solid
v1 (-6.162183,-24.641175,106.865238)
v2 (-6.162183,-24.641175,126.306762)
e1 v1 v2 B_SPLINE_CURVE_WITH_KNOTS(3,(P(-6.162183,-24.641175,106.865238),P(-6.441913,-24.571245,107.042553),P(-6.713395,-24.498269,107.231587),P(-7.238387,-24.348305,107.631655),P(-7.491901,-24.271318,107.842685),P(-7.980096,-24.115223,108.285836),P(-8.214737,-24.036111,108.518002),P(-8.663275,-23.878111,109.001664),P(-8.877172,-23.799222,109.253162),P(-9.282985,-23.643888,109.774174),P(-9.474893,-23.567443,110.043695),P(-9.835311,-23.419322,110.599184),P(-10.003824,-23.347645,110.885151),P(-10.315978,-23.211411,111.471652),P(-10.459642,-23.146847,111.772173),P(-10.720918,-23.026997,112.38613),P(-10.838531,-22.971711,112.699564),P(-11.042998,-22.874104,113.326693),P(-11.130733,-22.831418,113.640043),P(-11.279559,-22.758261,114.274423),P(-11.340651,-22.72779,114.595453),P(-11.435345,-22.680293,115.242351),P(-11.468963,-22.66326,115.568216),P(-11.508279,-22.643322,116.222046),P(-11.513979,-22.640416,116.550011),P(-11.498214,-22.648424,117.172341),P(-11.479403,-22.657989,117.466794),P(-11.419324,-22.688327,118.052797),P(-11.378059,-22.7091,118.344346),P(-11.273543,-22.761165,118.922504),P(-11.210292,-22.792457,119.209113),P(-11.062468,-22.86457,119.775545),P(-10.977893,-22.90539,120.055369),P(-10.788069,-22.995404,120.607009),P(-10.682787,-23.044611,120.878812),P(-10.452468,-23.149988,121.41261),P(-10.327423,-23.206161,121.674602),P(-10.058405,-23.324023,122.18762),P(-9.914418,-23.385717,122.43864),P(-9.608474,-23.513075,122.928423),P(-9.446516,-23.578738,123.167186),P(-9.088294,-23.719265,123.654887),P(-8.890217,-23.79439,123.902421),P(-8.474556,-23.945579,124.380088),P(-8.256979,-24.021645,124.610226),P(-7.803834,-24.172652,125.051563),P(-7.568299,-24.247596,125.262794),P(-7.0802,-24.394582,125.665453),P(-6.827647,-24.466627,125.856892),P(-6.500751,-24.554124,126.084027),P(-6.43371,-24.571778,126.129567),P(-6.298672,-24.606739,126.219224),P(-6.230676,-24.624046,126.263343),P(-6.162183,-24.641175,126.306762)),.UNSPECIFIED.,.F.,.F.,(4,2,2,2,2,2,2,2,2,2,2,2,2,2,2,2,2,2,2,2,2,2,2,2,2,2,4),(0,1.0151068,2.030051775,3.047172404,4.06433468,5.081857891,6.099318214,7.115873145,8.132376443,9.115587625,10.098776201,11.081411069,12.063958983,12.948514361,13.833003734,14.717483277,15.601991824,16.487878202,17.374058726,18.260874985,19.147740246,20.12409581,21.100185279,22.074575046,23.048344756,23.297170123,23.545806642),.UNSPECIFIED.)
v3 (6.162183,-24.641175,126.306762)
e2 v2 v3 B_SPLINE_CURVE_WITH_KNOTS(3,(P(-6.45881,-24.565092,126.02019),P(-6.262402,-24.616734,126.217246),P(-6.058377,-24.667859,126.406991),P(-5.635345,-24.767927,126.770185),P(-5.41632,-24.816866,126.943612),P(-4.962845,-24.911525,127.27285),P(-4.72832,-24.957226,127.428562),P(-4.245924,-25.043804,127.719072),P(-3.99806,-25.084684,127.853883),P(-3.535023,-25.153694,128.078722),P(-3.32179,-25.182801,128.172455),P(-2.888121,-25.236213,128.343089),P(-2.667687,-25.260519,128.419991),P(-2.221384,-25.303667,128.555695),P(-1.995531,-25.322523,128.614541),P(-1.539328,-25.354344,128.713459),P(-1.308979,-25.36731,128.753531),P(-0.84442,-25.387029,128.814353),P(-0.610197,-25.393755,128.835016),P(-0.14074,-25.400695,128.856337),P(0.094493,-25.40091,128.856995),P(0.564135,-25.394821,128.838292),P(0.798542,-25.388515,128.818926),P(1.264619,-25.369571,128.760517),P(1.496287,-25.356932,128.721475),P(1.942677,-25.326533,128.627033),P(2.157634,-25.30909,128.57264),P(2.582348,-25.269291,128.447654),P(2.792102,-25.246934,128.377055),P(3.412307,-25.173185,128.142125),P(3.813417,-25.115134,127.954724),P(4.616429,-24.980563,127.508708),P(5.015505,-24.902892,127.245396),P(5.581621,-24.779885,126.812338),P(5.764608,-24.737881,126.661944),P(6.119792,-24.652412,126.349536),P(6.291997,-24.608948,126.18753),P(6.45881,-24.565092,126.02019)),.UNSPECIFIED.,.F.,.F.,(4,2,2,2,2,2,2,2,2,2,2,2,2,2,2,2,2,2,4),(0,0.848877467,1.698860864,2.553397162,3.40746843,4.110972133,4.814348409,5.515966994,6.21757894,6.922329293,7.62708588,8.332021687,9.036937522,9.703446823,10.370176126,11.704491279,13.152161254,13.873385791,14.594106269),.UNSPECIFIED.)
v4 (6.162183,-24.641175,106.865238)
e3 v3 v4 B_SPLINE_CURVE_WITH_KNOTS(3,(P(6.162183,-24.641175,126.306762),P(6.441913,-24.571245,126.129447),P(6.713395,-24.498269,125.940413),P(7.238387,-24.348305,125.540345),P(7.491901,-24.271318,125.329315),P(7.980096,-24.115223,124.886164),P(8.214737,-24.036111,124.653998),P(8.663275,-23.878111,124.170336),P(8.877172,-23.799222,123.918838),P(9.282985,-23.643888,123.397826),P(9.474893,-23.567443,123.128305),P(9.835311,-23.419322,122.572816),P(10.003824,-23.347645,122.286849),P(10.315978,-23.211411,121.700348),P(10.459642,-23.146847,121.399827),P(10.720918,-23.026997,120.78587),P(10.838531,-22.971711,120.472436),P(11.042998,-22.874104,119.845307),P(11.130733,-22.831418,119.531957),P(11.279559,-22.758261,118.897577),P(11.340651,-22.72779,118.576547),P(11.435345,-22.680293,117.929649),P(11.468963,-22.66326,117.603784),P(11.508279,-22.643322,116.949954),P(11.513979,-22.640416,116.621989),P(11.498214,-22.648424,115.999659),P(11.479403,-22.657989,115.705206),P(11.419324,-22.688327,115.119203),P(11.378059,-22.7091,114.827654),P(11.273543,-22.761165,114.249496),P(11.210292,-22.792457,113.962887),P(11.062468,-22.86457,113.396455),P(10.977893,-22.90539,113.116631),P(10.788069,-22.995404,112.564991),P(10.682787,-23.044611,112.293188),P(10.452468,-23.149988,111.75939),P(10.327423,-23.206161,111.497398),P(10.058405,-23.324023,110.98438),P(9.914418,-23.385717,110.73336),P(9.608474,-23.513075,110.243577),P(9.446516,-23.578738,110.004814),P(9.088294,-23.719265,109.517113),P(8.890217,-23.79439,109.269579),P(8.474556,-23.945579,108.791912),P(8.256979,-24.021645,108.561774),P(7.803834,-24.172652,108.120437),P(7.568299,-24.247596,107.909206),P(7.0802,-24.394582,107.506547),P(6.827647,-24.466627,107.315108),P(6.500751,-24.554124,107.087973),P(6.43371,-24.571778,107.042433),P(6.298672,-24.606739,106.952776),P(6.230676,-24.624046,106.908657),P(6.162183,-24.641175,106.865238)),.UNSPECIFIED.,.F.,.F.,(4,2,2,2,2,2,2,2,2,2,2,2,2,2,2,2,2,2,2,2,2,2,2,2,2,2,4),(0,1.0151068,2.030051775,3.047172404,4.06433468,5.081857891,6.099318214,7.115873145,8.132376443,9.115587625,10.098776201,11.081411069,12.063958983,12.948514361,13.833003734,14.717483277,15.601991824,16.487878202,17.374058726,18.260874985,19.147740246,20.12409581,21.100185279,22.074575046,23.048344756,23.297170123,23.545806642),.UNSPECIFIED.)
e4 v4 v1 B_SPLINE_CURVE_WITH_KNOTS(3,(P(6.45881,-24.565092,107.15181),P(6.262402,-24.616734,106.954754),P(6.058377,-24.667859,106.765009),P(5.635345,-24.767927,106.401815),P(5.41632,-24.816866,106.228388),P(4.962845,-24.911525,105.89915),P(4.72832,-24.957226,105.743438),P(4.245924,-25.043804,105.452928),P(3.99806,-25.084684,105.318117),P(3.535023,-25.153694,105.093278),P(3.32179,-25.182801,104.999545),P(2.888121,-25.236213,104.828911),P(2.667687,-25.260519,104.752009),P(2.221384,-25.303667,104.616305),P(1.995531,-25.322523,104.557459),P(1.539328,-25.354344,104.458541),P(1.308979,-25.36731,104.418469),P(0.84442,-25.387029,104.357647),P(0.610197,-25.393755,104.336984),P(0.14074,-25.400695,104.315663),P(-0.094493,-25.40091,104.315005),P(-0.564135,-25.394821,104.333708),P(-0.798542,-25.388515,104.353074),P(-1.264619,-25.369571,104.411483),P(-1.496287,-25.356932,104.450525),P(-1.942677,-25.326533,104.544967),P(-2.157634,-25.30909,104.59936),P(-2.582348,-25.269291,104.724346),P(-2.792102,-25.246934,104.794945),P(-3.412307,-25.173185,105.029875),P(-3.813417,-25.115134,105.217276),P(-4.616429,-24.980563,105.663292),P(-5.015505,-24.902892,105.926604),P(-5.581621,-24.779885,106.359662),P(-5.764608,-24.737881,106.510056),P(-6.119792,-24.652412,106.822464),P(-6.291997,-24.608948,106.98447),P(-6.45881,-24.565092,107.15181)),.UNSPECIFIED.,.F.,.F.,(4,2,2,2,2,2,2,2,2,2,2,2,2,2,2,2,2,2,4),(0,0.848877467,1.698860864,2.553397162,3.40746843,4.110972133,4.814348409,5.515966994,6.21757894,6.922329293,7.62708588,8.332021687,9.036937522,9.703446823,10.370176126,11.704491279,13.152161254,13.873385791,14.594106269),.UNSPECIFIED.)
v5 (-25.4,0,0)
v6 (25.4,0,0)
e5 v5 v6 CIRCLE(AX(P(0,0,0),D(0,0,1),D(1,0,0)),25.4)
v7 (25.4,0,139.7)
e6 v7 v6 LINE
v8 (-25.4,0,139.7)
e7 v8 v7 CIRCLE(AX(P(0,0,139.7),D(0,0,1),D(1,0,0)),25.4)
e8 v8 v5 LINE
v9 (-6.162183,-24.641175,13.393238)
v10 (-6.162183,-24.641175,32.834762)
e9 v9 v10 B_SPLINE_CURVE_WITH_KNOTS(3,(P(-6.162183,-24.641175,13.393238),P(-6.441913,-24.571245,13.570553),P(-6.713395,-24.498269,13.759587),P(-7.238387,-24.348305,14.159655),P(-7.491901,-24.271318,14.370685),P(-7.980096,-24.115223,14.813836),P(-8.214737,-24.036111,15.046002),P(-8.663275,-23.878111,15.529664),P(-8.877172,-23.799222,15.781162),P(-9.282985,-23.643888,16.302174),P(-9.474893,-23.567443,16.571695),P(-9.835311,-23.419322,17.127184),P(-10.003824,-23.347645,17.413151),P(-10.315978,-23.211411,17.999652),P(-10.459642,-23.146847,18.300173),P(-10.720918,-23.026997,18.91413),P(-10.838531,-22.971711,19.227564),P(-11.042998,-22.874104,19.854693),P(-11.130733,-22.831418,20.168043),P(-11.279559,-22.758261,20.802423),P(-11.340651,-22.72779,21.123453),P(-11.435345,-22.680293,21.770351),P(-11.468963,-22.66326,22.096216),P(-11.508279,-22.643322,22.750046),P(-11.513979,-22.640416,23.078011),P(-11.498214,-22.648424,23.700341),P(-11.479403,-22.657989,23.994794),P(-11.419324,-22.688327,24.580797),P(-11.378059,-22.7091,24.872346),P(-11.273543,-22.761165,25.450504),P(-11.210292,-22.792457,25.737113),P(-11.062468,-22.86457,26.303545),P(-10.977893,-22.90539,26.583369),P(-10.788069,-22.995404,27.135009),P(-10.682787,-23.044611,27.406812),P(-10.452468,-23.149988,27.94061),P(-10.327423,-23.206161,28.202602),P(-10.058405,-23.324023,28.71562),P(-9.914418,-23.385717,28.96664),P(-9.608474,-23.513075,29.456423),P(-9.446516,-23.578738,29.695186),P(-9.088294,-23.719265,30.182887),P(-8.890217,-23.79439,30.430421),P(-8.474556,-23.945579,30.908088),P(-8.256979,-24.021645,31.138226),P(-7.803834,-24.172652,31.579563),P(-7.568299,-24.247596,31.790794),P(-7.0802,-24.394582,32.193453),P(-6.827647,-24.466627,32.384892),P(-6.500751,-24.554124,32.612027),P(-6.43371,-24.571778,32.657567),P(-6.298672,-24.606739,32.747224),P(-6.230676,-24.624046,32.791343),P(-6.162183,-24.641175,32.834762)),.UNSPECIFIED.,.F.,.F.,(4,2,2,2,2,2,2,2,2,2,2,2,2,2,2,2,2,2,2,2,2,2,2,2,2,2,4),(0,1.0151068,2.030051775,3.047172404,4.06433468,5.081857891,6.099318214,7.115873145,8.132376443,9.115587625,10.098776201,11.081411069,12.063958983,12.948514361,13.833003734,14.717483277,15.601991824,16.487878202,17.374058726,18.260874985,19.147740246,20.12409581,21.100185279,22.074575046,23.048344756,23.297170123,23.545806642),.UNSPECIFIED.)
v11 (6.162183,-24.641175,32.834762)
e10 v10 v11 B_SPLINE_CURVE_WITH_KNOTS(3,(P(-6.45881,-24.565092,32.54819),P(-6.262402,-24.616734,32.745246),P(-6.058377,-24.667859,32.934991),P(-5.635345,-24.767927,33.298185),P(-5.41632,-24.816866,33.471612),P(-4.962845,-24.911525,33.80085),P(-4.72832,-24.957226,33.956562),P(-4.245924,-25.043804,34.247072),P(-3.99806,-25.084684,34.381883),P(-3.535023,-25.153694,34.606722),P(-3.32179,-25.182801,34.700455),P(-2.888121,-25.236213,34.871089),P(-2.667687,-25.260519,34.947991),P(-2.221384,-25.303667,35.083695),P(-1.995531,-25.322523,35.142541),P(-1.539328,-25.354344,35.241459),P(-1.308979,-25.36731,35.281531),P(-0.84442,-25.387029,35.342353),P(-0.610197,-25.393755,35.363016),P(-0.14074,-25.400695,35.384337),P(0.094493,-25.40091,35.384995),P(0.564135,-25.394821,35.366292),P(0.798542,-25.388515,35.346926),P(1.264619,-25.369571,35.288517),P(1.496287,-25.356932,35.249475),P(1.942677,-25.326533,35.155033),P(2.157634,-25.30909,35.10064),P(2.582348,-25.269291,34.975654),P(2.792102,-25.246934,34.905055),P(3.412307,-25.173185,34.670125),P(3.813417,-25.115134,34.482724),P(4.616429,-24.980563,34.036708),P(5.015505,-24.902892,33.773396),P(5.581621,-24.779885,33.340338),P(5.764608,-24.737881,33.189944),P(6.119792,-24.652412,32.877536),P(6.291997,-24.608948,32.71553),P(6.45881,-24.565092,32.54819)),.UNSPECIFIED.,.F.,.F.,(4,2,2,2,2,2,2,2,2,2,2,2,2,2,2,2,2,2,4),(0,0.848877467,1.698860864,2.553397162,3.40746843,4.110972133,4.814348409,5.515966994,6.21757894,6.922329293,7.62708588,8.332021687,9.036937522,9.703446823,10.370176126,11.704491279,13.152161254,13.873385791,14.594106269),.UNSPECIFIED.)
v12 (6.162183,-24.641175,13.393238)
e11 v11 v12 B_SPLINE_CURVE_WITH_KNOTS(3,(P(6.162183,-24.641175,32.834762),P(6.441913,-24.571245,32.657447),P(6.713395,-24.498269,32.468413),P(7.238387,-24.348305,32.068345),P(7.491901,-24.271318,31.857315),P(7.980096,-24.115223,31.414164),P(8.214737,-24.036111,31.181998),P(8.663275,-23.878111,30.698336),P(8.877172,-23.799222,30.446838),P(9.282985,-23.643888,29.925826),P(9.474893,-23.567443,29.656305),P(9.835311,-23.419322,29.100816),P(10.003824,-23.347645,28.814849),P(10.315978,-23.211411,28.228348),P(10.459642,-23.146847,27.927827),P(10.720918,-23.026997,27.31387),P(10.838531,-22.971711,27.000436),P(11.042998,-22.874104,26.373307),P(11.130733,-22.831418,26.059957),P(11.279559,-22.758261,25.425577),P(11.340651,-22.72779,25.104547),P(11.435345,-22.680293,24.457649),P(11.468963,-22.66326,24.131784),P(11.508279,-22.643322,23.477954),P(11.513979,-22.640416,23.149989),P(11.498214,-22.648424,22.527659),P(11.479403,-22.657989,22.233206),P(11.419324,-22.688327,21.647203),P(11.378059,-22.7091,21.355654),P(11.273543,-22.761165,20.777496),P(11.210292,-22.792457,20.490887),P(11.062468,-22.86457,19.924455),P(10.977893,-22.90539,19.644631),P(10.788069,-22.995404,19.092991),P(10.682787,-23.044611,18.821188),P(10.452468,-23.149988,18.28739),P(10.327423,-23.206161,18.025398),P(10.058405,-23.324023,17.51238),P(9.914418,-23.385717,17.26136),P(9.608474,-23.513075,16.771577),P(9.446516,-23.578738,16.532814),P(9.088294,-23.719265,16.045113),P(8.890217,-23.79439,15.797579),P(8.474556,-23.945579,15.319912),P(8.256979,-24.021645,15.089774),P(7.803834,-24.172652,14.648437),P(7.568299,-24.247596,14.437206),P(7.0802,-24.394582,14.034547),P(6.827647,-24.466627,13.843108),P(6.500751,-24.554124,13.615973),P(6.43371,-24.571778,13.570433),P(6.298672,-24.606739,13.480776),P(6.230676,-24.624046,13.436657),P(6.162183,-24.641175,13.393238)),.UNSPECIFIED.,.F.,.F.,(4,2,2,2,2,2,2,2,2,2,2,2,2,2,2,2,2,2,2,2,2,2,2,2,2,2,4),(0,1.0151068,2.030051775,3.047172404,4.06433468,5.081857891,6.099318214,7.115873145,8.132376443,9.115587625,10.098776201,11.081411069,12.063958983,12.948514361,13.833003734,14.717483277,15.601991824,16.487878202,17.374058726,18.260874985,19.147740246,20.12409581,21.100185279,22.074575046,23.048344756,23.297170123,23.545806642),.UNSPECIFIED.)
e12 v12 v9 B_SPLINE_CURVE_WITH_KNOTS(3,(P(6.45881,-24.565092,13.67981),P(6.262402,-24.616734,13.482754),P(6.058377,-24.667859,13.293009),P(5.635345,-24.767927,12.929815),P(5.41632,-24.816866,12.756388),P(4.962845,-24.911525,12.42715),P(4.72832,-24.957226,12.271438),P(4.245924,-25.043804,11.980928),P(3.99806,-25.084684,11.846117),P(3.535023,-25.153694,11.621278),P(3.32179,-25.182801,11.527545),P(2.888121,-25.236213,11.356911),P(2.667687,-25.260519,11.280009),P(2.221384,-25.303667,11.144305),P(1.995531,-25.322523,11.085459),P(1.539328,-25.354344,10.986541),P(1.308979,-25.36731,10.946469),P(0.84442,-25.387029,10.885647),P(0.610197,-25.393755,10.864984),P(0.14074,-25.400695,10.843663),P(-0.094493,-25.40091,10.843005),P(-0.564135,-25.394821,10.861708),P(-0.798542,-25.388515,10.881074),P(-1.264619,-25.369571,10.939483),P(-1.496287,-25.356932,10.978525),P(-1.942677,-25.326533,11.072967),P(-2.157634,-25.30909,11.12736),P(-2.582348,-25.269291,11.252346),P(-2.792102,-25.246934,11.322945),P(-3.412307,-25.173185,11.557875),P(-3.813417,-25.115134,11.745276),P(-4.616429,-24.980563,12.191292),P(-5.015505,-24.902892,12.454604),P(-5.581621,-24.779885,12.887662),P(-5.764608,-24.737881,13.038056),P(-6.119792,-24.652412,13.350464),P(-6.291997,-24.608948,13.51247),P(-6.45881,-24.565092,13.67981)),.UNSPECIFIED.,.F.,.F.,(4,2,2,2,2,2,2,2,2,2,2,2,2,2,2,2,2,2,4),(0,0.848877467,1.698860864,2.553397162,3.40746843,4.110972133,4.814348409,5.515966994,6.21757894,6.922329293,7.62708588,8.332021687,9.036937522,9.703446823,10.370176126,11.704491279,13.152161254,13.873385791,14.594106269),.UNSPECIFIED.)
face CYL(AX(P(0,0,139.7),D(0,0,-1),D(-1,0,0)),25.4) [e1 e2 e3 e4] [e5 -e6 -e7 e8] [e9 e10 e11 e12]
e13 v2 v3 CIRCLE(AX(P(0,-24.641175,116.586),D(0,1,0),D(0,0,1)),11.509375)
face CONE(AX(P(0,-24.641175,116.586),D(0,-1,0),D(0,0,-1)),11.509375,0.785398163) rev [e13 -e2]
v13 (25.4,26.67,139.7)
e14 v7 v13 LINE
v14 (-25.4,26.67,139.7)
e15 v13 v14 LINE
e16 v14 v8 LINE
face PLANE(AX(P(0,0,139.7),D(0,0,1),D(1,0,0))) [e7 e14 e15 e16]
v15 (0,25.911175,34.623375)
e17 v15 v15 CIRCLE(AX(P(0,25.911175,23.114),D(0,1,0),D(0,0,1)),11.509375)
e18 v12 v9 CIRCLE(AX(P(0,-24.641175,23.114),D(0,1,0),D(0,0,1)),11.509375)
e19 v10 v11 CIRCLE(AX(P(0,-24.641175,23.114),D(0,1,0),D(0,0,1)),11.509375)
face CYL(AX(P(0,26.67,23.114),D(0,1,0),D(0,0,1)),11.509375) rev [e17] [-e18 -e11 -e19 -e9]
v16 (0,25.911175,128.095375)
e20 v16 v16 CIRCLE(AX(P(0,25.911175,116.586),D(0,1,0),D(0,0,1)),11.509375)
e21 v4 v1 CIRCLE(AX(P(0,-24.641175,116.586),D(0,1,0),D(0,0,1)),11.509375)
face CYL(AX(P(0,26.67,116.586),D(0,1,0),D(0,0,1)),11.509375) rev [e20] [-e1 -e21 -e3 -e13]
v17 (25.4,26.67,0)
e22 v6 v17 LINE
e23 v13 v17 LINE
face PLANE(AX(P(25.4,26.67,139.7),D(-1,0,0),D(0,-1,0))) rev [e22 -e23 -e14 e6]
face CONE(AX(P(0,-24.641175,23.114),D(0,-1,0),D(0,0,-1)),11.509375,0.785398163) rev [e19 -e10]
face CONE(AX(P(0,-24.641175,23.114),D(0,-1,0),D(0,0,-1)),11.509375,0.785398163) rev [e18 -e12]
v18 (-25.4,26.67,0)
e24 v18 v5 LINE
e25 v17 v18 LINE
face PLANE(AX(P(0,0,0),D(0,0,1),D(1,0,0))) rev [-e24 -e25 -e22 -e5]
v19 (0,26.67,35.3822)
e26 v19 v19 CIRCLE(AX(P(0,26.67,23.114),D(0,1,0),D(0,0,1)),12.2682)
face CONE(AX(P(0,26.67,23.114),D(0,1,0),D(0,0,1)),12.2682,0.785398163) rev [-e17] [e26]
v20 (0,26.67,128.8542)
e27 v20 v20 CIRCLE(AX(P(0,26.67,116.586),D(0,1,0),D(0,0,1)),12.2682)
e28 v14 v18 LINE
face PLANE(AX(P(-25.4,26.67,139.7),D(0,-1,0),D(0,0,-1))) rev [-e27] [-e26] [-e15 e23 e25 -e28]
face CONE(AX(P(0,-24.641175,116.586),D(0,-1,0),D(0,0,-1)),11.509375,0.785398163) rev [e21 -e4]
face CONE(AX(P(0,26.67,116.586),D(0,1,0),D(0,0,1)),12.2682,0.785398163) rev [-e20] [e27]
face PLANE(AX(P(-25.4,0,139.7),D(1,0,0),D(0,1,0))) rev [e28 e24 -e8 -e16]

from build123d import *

# Parameters (mm, degrees)
EXTRUDE1_DEPTH                            = 139.7
F_29_32_0_90625_DIAMETER_HOLE1_AT_2_COUNT = 2
F_29_32_0_90625_DIAMETER_HOLE1_AT_2_PITCH = 93.472


with BuildPart() as part:
    # Sketch1 → Extrude1 (new body)
    with BuildSketch(Plane.XY):
        with BuildLine():
            Line((-25.4, 0), (-25.4, 26.67))
            Line((-25.4, 26.67), (25.4, 26.67))
            Line((25.4, 26.67), (25.4, 0))
            ThreePointArc((25.4, 0), (0, -25.4), (-25.4, 0))
        make_face()
    extrude(amount=EXTRUDE1_DEPTH)

    # Sketch2 → 29/32 (0.90625) Diameter Hole1 (revolve, cut)
    with BuildSketch(Plane(origin=(0, 26.67, 23.114), x_dir=(0, 0, 1), z_dir=(1, 0, 0))):
        Polygon((0, 0), (0, 52.07), (12.2682, 52.07), (11.509375, 51.311175), (11.509375, 0.758825), (12.2682, 0), align=None)
    f_29_32_0_90625_diameter_hole1 = revolve(axis=Axis((0, 33.02, 23.114), (0, -1, 0)), mode=Mode.SUBTRACT)

    # 29/32 (0.90625) Diameter Hole1 at 2: 29/32 (0.90625) Diameter Hole1 ×2
    with Locations(*[(0, 0, i * F_29_32_0_90625_DIAMETER_HOLE1_AT_2_PITCH) for i in range(1, F_29_32_0_90625_DIAMETER_HOLE1_AT_2_COUNT)]):
        add(f_29_32_0_90625_diameter_hole1, mode=Mode.SUBTRACT)


solid = part.part
